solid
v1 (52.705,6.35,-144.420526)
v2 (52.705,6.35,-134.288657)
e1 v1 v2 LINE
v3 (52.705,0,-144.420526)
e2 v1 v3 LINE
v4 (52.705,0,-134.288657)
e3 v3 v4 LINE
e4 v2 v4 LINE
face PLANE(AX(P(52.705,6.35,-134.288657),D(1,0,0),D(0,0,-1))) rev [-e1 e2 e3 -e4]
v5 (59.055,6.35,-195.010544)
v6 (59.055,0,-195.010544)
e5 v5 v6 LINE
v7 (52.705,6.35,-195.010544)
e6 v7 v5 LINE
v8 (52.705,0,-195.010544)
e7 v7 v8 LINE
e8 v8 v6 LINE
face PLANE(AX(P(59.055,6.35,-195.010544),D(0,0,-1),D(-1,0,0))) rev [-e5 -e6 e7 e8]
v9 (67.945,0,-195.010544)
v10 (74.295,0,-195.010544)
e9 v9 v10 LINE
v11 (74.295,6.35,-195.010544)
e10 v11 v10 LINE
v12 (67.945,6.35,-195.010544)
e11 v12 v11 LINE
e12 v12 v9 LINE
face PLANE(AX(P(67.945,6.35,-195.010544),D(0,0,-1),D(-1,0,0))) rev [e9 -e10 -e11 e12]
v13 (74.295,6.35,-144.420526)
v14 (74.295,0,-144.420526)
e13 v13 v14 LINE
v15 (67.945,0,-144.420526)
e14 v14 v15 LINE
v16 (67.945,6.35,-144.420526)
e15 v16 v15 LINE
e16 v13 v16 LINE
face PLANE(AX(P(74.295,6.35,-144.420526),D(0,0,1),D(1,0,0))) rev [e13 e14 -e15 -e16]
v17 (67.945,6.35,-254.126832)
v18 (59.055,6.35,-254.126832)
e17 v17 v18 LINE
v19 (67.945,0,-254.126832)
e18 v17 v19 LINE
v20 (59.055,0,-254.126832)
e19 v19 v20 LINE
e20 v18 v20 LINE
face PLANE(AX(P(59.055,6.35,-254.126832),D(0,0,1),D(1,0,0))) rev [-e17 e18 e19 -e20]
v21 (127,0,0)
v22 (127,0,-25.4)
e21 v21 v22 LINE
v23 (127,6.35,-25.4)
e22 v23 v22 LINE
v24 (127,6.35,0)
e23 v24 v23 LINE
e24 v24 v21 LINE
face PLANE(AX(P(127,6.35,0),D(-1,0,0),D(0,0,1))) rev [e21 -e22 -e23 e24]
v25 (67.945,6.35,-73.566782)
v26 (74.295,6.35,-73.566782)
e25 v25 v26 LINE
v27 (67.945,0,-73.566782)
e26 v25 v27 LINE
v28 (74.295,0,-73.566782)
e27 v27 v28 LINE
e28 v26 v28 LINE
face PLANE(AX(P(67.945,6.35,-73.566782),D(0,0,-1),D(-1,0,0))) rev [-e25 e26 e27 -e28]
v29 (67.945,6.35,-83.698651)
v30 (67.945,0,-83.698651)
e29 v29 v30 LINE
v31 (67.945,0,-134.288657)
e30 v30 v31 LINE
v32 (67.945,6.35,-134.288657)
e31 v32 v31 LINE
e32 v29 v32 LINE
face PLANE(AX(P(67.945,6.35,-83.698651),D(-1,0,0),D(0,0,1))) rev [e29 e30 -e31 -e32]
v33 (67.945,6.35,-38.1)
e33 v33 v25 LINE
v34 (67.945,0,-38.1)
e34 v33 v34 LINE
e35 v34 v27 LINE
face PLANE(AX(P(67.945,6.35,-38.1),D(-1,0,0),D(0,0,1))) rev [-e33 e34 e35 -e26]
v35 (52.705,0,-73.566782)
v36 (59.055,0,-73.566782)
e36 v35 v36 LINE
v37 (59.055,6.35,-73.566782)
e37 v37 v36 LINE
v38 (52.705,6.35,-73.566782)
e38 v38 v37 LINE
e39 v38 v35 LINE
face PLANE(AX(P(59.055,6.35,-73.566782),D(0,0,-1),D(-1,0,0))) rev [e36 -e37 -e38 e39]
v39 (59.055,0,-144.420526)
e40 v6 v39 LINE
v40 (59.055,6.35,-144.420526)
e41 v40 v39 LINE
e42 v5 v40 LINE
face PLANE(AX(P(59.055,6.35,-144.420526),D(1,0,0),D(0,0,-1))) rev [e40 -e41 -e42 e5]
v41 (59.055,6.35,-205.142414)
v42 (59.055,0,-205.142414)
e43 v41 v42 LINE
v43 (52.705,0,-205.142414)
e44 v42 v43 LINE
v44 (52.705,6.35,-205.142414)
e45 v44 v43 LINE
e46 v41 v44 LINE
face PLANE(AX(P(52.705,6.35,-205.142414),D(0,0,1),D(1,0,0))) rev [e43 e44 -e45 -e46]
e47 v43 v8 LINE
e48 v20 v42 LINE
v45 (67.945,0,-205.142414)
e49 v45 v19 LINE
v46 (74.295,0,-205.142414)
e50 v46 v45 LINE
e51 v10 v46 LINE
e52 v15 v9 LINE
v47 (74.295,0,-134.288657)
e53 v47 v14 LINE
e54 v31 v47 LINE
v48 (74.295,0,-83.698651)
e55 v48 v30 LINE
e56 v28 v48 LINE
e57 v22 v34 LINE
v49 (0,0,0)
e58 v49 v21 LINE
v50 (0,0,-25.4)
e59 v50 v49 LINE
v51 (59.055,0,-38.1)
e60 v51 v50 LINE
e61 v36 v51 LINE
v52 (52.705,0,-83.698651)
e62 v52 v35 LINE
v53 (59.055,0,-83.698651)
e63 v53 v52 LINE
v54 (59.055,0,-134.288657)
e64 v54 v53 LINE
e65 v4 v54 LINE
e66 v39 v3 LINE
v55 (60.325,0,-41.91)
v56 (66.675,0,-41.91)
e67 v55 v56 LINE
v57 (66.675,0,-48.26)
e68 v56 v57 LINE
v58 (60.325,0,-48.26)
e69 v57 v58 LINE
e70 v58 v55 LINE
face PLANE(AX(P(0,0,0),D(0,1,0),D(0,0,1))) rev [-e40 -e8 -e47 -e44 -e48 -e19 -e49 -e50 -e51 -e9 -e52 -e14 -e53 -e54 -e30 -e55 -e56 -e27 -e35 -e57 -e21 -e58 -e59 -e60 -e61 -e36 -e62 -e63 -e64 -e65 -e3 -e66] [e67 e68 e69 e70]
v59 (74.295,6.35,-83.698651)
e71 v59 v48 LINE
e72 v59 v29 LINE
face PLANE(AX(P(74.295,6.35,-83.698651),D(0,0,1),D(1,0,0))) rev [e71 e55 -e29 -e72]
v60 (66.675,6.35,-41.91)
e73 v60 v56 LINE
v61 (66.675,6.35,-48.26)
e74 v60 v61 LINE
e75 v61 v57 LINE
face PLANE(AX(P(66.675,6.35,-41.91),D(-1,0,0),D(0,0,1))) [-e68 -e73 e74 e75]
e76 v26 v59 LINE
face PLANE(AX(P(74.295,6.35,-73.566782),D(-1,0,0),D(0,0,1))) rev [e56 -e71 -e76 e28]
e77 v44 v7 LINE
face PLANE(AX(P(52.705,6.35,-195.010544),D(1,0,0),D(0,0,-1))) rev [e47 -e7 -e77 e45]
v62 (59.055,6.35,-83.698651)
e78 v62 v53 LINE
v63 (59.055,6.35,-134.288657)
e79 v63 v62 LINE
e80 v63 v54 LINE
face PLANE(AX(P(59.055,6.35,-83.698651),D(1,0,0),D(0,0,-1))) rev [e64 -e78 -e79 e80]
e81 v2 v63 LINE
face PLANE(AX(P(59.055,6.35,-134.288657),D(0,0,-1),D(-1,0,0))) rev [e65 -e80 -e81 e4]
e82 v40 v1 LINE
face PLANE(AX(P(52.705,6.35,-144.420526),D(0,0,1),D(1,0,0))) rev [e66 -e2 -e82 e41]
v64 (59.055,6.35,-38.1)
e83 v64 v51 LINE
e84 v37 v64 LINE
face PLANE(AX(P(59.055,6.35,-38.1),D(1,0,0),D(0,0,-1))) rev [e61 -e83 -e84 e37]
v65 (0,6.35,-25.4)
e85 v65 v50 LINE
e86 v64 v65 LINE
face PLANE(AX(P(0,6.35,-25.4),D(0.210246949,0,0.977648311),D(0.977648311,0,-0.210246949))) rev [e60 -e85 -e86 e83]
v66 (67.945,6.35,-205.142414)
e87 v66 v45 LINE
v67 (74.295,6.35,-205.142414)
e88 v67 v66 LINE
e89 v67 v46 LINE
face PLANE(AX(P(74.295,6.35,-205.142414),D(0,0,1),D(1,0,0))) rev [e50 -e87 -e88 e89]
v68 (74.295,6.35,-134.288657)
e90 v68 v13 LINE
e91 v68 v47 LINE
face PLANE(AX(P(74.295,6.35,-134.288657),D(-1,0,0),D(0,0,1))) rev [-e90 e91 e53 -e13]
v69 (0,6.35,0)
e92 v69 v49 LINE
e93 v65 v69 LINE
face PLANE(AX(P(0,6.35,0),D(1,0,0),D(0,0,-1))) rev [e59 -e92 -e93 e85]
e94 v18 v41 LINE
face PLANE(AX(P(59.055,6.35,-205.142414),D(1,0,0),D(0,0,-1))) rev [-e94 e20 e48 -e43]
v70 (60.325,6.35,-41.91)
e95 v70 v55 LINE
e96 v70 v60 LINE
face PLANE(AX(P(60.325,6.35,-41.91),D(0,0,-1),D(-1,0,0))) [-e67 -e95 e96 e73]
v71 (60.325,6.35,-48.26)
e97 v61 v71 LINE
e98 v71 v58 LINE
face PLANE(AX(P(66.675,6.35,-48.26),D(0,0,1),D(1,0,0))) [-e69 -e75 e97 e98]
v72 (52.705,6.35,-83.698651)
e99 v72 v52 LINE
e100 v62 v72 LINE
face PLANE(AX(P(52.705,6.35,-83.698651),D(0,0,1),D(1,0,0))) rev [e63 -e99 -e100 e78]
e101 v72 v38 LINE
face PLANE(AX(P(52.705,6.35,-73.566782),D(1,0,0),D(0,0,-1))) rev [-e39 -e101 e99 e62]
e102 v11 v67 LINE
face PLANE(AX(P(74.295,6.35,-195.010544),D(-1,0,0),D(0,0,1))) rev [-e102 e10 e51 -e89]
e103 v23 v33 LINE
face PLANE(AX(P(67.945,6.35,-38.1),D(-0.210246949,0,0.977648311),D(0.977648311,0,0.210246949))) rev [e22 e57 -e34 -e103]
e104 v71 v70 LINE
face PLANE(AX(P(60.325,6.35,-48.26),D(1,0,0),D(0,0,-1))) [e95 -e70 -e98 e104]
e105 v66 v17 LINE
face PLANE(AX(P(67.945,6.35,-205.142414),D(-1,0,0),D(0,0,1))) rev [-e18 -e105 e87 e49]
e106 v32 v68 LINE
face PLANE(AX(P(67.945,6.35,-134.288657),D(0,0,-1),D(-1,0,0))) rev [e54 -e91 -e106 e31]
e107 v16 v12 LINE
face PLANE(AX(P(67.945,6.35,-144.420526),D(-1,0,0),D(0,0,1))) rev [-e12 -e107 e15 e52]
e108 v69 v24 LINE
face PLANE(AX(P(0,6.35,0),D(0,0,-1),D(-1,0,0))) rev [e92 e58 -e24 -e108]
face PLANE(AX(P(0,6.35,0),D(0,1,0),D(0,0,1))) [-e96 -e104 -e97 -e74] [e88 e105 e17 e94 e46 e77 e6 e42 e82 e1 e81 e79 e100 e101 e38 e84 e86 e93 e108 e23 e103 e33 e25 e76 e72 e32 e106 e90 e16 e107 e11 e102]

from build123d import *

# Parameters (mm, degrees)
SKETCH1_W           = 6.35
SKETCH1_H           = 6.35
BOSS_EXTRUDE2_DEPTH = 6.35


with BuildPart() as part:
    # Sketch1 → Boss-Extrude2 (new body)
    with BuildSketch(Plane(origin=(0, 0, 0), x_dir=(1, 0, 0), z_dir=(0, 1, 0))):
        Polygon((0, 0), (127, 0), (127, 25.4), (67.945, 38.1), (67.945, 73.566782), (74.295, 73.566782), (74.295, 83.698651246), (67.945, 83.698651246), (67.945, 134.288657), (74.295, 134.288657), (74.295, 144.420526246), (67.945, 144.420526246), (67.945, 195.010544446), (74.295, 195.010544446), (74.295, 205.142413692), (67.945, 205.142413692), (67.945, 254.126831852), (59.055, 254.126831852), (59.055, 205.142413692), (52.705, 205.142413692), (52.705, 195.010544446), (59.055, 195.010544446), (59.055, 144.420526246), (52.705, 144.420526246), (52.705, 134.288657), (59.055, 134.288657), (59.055, 83.698651246), (52.705, 83.698651246), (52.705, 73.566782), (59.055, 73.566782), (59.055, 38.1), (0, 25.4), align=None)
        with Locations((63.5, 45.085)):
            Rectangle(SKETCH1_W, SKETCH1_H, mode=Mode.SUBTRACT)
    extrude(amount=BOSS_EXTRUDE2_DEPTH)


solid = part.part
